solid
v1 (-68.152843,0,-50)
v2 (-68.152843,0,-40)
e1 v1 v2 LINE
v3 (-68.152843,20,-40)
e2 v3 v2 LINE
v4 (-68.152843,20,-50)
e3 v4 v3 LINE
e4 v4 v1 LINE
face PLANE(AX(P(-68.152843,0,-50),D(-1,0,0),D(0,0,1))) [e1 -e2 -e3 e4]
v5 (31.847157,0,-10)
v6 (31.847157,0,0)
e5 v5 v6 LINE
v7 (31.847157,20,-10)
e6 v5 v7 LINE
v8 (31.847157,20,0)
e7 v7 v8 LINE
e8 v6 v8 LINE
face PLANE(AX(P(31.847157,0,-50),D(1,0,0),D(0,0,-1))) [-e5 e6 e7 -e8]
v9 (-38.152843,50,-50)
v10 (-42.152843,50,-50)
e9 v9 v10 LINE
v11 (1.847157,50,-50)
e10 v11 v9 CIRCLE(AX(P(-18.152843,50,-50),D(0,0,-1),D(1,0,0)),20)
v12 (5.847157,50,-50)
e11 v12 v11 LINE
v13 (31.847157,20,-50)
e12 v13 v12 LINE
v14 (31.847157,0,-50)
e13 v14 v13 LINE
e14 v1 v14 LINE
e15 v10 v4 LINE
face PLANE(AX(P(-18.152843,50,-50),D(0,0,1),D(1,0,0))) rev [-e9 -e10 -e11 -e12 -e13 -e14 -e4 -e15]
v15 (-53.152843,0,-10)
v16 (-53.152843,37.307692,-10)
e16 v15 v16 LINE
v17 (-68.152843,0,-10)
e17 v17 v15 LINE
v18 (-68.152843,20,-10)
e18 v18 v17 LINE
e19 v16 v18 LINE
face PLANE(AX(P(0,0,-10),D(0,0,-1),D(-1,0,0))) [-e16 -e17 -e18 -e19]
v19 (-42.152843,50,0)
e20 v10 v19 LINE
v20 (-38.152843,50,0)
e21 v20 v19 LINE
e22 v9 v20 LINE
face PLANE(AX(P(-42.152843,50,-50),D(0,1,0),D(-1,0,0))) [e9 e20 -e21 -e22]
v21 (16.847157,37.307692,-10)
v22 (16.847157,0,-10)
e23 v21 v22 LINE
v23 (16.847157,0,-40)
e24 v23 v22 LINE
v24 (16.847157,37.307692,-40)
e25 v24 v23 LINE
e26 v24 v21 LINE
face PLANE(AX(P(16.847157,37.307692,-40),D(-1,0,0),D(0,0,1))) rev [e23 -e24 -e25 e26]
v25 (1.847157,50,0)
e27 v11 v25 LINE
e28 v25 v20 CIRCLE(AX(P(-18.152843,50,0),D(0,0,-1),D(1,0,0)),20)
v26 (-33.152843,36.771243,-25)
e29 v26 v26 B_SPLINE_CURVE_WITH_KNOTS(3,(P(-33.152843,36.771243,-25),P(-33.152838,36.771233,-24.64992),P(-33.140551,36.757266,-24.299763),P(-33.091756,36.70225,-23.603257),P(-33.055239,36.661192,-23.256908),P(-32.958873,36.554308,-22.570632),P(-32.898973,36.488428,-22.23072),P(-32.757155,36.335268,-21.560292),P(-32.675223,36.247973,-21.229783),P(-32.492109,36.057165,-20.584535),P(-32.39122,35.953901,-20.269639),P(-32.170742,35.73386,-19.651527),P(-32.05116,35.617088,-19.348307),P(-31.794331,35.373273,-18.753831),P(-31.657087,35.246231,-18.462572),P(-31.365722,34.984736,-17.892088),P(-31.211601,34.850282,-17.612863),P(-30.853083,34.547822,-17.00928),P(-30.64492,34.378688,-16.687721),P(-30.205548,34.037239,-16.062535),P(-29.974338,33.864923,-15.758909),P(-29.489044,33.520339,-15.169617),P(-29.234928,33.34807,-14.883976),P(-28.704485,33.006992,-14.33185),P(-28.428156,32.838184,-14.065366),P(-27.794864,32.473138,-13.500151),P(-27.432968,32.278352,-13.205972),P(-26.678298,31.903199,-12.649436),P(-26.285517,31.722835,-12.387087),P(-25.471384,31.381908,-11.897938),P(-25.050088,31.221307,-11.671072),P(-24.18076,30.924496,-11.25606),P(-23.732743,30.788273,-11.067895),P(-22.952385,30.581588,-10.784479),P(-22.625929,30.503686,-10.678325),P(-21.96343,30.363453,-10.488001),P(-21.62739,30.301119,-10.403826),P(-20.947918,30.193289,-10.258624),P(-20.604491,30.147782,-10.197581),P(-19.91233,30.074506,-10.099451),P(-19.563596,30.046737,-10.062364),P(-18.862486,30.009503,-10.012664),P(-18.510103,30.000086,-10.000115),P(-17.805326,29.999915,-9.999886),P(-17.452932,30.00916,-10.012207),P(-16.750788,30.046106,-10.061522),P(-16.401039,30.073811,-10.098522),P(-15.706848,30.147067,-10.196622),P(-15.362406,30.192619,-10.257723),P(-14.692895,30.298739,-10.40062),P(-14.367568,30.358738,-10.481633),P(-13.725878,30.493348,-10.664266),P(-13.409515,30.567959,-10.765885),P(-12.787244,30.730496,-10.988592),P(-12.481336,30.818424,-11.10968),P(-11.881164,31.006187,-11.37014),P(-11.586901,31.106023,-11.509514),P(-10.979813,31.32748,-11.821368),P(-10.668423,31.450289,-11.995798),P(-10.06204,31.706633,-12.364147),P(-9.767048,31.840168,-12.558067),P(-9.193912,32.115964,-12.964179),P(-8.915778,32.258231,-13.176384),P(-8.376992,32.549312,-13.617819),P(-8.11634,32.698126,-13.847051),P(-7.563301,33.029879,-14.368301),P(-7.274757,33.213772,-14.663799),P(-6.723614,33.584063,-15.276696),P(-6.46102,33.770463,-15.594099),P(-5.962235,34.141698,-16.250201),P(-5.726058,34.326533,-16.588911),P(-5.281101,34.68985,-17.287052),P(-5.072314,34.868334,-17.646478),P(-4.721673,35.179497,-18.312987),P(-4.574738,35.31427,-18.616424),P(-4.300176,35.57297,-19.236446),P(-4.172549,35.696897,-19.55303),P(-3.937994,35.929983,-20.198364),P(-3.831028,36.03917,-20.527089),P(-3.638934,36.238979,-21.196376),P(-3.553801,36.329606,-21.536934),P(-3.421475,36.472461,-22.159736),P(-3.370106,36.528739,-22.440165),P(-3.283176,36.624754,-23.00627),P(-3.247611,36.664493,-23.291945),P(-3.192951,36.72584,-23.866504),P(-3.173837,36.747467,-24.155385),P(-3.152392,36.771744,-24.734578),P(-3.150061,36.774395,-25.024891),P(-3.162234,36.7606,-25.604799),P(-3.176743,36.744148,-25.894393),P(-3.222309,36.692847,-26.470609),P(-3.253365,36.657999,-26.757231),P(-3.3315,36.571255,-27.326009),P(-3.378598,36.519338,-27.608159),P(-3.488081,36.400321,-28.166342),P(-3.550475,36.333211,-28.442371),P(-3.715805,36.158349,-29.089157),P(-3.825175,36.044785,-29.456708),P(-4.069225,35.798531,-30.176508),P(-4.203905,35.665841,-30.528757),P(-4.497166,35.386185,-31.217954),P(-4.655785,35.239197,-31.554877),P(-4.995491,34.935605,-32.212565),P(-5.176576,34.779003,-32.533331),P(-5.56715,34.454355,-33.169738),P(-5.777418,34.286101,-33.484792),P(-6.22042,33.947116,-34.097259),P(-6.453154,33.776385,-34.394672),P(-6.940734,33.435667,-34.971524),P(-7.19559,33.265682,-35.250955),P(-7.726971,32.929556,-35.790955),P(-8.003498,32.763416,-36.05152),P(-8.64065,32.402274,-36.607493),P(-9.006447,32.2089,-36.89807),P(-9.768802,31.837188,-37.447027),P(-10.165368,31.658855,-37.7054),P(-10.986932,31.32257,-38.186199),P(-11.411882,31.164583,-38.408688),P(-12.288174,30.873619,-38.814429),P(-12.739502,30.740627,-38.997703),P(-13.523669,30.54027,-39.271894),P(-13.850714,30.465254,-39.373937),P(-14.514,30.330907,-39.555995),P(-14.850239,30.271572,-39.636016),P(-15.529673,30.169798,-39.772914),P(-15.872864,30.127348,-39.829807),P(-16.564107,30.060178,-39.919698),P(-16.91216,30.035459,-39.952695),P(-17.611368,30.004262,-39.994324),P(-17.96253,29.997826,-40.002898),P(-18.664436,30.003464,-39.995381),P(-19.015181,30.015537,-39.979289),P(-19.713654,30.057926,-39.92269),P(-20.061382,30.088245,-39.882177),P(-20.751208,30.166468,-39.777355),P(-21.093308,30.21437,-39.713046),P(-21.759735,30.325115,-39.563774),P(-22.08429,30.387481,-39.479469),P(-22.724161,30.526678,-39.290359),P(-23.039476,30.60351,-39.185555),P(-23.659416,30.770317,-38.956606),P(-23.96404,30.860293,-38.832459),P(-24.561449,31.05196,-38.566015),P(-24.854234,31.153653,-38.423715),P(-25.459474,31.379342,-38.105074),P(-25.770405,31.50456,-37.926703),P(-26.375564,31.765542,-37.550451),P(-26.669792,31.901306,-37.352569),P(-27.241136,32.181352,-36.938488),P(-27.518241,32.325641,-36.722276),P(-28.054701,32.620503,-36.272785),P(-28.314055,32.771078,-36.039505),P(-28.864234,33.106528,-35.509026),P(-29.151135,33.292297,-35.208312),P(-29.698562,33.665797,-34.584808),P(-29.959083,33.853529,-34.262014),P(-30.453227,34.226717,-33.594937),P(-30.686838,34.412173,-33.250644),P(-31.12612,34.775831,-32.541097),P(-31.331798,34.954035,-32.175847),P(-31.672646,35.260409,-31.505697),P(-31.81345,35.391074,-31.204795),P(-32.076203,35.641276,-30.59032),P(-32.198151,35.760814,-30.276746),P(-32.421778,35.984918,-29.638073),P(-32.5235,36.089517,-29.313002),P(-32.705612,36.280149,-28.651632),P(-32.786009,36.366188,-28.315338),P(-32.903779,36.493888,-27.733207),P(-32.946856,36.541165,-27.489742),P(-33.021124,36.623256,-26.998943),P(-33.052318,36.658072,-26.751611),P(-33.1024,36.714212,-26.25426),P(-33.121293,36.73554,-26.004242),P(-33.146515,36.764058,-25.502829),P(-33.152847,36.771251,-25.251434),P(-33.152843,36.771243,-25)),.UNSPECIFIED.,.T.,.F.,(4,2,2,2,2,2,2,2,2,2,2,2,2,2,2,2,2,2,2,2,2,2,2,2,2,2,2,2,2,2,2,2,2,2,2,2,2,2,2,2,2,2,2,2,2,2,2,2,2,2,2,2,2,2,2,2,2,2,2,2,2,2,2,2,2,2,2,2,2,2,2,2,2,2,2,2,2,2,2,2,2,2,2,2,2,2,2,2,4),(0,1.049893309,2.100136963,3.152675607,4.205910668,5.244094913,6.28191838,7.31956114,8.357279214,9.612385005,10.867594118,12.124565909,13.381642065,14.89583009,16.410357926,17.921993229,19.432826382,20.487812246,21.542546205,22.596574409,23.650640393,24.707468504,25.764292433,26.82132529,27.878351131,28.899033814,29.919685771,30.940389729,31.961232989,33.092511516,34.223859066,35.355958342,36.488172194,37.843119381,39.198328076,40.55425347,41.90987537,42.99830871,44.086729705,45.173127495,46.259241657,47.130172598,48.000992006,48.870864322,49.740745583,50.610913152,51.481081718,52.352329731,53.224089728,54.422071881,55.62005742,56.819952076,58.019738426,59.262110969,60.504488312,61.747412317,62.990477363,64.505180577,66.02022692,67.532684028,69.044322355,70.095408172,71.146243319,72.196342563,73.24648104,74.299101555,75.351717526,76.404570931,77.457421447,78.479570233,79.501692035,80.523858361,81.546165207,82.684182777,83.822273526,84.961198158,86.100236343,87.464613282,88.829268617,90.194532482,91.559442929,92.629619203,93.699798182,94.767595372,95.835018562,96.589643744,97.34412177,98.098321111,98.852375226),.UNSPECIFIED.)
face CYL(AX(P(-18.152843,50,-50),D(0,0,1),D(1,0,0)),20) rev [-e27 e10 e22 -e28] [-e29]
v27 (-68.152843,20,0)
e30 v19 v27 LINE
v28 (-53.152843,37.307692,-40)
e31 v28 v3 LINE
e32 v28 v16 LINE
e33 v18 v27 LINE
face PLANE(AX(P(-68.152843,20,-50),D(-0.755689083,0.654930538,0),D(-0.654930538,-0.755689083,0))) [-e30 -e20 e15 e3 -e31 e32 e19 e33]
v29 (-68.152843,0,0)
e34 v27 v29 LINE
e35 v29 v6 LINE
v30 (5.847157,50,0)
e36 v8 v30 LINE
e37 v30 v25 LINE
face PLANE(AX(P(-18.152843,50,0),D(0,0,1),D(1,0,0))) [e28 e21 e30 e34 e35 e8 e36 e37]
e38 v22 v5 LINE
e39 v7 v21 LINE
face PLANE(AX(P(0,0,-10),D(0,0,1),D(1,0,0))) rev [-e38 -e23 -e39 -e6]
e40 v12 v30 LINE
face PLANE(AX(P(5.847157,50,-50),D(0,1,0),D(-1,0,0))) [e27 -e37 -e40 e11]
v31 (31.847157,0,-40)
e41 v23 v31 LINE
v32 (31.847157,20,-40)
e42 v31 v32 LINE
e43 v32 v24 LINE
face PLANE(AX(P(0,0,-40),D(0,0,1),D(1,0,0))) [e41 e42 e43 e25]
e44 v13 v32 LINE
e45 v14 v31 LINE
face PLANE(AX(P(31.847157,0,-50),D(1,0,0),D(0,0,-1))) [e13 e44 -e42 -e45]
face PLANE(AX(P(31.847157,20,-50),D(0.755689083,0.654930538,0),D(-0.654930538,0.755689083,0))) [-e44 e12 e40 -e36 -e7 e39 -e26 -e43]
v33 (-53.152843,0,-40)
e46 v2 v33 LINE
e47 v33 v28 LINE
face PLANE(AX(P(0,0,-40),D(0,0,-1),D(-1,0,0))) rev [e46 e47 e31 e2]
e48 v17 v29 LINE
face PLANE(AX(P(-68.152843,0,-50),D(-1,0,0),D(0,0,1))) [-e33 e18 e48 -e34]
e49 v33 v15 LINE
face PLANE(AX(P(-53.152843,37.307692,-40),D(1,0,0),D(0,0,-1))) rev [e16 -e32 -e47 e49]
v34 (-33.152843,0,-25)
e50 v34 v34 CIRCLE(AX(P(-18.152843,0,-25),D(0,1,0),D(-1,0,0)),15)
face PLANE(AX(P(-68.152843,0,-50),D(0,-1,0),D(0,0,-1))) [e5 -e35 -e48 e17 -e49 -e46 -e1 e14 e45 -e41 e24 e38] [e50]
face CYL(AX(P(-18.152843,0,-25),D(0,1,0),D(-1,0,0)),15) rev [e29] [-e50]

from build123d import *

# Parameters (mm, degrees)
BOSS_EXTRUDE1_DEPTH = 50
SKETCH2_R           = 15
CUT_EXTRUDE1_DEPTH  = 50
CUT_EXTRUDE2_DEPTH  = 30


with BuildPart() as part:
    # Sketch1 → Boss-Extrude1 (new body)
    with BuildSketch(Plane.XY):
        with BuildLine():
            Line((-68.152842986, 0), (-68.152842986, 20))
            Line((-68.152842986, 20), (-42.152842986, 50))
            Line((-42.152842986, 50), (-38.152842986, 50))
            ThreePointArc((-38.152842986, 50), (-18.152842986, 30), (1.847157014, 50))
            Line((1.847157014, 50), (5.847157014, 50))
            Line((5.847157014, 50), (31.847157014, 20))
            Line((31.847157014, 20), (31.847157014, 0))
            Line((31.847157014, 0), (-68.152842986, 0))
        make_face()
    extrude(amount=-BOSS_EXTRUDE1_DEPTH)

    # Sketch2 → Cut-Extrude1 (cut)
    with BuildSketch(Plane(origin=(0, 50, 0), x_dir=(1, 0, 0), z_dir=(0, 1, 0))):
        with Locations(Location((-18.152842986, 25, 0), (0, 0, 180))):
            Circle(SKETCH2_R)
    extrude(amount=-CUT_EXTRUDE1_DEPTH, mode=Mode.SUBTRACT)

    # Sketch3 → Cut-Extrude2 (cut)
    with BuildSketch(Plane.XY.offset(-10)):
        Polygon((31.847157014, 0), (31.847157014, 20), (16.847157014, 37.307692308), (16.847157014, 0), align=None)
        Polygon((-68.152842986, 0), (-68.152842986, 20), (-53.152842986, 37.307692308), (-53.152842986, 0), align=None)
    extrude(amount=-CUT_EXTRUDE2_DEPTH, mode=Mode.SUBTRACT)


solid = part.part
